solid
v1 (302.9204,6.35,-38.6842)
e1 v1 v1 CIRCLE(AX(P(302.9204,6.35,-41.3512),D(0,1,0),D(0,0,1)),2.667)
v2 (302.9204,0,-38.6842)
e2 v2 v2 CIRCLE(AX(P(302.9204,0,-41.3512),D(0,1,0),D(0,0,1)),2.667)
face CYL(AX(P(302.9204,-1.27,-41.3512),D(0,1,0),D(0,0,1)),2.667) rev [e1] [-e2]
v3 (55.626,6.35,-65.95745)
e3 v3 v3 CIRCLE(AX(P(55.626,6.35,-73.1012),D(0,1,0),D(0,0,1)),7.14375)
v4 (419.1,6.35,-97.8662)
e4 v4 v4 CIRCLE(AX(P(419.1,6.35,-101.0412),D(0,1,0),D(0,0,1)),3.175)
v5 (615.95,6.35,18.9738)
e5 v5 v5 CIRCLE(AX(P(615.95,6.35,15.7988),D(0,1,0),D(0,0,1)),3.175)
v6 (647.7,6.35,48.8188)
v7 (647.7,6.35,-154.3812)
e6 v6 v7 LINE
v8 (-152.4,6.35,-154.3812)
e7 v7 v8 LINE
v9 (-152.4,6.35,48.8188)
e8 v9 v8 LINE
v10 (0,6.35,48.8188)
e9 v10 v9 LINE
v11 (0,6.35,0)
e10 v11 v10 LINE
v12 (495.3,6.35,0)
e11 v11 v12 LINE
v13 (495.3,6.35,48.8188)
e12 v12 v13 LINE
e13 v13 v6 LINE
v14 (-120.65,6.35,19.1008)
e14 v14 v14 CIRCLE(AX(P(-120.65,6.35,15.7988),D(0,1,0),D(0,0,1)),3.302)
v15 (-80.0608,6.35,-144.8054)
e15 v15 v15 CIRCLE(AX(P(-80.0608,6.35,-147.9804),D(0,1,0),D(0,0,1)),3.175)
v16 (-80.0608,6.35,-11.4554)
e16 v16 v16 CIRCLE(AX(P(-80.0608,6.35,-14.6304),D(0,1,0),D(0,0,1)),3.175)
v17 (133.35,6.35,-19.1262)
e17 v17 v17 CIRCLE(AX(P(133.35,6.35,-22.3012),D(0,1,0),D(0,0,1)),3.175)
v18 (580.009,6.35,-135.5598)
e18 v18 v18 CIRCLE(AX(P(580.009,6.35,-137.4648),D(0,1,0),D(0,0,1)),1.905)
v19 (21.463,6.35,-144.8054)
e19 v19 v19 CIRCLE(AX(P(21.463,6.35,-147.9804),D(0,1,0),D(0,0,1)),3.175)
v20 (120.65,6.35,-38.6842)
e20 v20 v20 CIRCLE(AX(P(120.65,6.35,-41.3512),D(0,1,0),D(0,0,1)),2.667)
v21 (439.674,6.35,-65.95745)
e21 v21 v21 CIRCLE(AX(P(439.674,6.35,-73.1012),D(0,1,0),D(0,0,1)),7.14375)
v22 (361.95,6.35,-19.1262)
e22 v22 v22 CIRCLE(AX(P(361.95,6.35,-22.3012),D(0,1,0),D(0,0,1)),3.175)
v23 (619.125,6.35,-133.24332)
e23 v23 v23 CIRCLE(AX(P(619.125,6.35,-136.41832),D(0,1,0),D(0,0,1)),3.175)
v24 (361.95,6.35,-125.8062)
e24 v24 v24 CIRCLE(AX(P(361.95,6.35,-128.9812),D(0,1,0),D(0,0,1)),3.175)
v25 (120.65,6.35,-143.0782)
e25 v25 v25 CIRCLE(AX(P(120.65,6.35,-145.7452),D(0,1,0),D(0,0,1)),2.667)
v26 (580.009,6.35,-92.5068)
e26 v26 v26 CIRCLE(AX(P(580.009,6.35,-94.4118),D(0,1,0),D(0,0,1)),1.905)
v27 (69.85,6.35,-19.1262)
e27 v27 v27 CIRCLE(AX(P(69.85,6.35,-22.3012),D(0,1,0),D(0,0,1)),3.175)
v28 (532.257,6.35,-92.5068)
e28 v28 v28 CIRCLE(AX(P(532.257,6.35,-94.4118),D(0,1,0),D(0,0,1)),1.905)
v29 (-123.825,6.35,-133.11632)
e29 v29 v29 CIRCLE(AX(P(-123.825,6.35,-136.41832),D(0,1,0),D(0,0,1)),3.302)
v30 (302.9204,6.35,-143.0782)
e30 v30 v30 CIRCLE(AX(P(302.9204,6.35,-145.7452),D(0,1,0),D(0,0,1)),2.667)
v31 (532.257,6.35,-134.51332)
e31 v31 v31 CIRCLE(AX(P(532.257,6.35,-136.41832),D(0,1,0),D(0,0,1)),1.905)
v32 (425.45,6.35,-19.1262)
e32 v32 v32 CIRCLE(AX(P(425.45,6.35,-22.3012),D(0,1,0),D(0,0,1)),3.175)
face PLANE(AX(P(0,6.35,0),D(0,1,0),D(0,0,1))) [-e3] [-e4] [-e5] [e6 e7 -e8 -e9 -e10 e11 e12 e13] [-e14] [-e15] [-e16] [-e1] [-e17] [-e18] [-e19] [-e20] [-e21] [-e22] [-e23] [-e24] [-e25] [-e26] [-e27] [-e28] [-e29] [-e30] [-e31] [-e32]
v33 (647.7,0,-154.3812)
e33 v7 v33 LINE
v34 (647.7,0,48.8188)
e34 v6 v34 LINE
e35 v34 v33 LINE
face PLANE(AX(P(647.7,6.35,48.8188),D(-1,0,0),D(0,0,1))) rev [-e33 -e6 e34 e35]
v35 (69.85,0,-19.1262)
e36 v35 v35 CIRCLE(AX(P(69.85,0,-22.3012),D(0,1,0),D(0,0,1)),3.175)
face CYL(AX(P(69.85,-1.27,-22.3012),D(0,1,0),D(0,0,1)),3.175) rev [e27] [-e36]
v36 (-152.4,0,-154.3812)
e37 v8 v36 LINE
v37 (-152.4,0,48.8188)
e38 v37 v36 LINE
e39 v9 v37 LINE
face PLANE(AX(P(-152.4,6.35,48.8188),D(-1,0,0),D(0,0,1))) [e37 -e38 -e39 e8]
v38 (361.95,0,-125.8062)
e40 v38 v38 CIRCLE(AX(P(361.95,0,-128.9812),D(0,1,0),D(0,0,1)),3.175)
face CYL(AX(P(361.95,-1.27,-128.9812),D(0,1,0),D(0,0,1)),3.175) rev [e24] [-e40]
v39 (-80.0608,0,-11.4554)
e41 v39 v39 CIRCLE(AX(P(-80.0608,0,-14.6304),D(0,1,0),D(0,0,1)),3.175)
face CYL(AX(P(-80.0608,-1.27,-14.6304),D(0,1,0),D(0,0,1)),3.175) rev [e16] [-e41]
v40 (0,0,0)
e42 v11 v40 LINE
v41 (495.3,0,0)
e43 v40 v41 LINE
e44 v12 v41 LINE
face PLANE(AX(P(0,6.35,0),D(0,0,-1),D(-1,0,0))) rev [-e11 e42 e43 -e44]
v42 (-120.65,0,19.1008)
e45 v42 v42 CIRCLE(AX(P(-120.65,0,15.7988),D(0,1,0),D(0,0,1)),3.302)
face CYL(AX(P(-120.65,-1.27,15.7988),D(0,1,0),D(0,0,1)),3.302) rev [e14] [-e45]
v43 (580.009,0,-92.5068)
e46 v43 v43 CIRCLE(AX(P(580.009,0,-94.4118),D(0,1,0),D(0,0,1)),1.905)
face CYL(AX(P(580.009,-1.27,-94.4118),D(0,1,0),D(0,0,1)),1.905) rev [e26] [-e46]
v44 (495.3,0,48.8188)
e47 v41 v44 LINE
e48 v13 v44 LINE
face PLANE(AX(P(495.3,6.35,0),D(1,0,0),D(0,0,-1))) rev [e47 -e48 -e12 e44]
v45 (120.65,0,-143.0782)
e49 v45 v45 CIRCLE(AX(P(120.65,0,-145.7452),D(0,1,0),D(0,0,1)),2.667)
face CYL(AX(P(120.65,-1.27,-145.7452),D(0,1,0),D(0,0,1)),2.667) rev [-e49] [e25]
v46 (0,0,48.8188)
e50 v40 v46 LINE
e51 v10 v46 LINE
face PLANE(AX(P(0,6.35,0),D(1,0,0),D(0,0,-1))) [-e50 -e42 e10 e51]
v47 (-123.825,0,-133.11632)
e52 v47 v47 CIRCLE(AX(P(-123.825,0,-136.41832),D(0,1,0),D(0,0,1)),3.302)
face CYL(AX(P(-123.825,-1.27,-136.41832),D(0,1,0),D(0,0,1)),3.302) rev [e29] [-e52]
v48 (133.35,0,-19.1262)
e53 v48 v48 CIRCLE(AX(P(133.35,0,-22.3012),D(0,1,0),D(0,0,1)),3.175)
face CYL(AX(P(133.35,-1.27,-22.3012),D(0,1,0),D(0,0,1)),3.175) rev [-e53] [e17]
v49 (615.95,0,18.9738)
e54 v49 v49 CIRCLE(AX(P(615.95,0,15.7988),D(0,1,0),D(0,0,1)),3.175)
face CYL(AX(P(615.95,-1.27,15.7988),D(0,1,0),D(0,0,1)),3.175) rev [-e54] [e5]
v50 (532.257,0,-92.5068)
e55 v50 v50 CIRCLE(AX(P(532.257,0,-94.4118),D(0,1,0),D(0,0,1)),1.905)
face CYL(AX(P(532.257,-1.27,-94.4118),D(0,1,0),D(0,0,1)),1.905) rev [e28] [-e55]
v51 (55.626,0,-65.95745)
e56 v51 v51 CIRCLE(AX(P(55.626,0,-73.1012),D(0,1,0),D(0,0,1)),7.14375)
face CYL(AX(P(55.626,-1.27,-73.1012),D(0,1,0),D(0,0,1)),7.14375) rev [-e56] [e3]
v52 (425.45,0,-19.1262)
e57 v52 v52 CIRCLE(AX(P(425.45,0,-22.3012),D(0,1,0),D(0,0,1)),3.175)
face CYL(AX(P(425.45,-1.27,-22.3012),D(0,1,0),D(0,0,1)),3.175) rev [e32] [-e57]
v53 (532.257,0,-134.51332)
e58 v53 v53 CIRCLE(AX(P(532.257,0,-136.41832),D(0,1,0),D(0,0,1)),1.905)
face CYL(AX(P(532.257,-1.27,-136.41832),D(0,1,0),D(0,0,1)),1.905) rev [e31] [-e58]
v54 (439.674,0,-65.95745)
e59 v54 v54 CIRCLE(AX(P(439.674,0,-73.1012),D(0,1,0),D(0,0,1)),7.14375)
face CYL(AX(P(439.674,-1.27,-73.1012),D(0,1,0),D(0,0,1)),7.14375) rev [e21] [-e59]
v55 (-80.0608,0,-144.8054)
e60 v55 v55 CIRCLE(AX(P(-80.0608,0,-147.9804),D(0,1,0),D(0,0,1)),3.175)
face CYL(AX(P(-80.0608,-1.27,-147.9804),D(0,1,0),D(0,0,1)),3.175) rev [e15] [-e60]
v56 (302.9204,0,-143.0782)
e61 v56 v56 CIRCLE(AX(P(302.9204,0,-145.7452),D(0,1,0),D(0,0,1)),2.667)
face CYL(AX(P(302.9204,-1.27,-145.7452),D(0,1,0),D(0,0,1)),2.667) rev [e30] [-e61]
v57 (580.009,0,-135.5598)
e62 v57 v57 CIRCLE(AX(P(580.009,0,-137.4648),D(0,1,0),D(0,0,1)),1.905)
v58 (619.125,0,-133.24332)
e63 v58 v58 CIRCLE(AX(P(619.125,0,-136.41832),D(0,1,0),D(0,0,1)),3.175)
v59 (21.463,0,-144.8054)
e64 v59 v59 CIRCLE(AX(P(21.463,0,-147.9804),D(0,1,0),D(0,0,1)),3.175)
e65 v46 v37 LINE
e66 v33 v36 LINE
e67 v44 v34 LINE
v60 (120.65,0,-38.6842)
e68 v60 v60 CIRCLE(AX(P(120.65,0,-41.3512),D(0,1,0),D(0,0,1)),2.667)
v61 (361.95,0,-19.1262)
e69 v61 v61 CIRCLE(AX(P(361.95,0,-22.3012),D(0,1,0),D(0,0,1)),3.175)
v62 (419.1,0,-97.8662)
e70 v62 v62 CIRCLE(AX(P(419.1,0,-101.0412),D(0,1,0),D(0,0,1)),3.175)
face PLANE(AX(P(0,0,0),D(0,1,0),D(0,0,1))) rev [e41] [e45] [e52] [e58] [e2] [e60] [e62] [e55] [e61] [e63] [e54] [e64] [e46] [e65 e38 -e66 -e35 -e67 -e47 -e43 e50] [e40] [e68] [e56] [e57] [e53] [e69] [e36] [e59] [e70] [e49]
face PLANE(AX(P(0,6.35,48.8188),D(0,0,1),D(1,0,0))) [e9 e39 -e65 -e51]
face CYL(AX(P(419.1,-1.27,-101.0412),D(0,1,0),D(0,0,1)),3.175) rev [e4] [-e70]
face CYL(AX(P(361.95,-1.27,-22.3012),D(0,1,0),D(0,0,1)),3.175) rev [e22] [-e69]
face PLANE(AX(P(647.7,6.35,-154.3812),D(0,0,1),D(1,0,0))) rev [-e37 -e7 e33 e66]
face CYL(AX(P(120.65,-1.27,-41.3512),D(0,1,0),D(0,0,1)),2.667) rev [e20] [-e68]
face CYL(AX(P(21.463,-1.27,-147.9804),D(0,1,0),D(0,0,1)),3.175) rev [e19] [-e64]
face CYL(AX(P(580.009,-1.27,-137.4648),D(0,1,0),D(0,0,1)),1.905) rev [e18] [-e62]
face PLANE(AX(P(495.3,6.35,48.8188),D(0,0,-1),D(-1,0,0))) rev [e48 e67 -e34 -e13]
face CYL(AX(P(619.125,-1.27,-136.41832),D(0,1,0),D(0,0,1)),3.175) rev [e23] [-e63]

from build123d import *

# Parameters (mm, degrees)
BOSS_EXTRUDE1_DEPTH = 6.35
SKETCH3_R           = 3.302
SKETCH3_R_2         = 3.175
SKETCH3_R_3         = 7.14375
SKETCH3_R_4         = 1.905
CUT_EXTRUDE1_DEPTH  = 7.62
SKETCH5_R           = 2.667
SKETCH5_R_2         = 3.175
CUT_EXTRUDE2_DEPTH  = 7.62


with BuildPart() as part:
    # Sketch1 → Boss-Extrude1 (new body)
    with BuildSketch(Plane(origin=(0, 0, 0), x_dir=(1, 0, 0), z_dir=(0, 1, 0))):
        Polygon((0, 0), (495.3, 0), (495.3, -48.8188), (647.7, -48.8188), (647.7, 154.3812), (-152.4, 154.3812), (-152.4, -48.8188), (0, -48.8188), align=None)
    extrude(amount=BOSS_EXTRUDE1_DEPTH)

    # Sketch3 → Cut-Extrude1 (cut)
    with BuildSketch(Plane(origin=(0, 6.35, 0), x_dir=(1, 0, 0), z_dir=(0, 1, 0))):
        with Locations((-120.65, -15.7988)):
            Circle(SKETCH3_R)
        with Locations((-80.0608, 14.6304)):
            Circle(SKETCH3_R_2)
        with Locations((-123.825, 136.41832)):
            Circle(SKETCH3_R)
        with Locations((-80.0608, 147.9804)):
            Circle(SKETCH3_R_2)
        with Locations((21.463, 147.9804)):
            Circle(SKETCH3_R_2)
        with Locations((55.626, 73.1012)):
            Circle(SKETCH3_R_3)
        with Locations((619.125, 136.41832)):
            Circle(SKETCH3_R_2)
        with Locations((615.95, -15.7988)):
            Circle(SKETCH3_R_2)
        with Locations((580.009, 137.4648)):
            Circle(SKETCH3_R_4)
        with Locations((532.257, 94.4118)):
            Circle(SKETCH3_R_4)
        with Locations((580.009, 94.4118)):
            Circle(SKETCH3_R_4)
        with Locations((532.257, 136.41832)):
            Circle(SKETCH3_R_4)
        with Locations((439.674, 73.1012)):
            Circle(SKETCH3_R_3)
    extrude(amount=-CUT_EXTRUDE1_DEPTH, mode=Mode.SUBTRACT)

    # Sketch5 → Cut-Extrude2 (cut)
    with BuildSketch(Plane(origin=(0, 6.35, 0), x_dir=(1, 0, 0), z_dir=(0, 1, 0))):
        with Locations((120.65, 145.7452)):
            Circle(SKETCH5_R)
        with Locations((120.65, 41.3512)):
            Circle(SKETCH5_R)
        with Locations((419.1, 101.0412)):
            Circle(SKETCH5_R_2)
        with Locations((425.45, 22.3012)):
            Circle(SKETCH5_R_2)
        with Locations((361.95, 128.9812)):
            Circle(SKETCH5_R_2)
        with Locations((361.95, 22.3012)):
            Circle(SKETCH5_R_2)
        with Locations((302.9204, 145.7452)):
            Circle(SKETCH5_R)
        with Locations((302.9204, 41.3512)):
            Circle(SKETCH5_R)
        with Locations((133.35, 22.3012)):
            Circle(SKETCH5_R_2)
        with Locations((69.85, 22.3012)):
            Circle(SKETCH5_R_2)
    extrude(amount=-CUT_EXTRUDE2_DEPTH, mode=Mode.SUBTRACT)


solid = part.part
